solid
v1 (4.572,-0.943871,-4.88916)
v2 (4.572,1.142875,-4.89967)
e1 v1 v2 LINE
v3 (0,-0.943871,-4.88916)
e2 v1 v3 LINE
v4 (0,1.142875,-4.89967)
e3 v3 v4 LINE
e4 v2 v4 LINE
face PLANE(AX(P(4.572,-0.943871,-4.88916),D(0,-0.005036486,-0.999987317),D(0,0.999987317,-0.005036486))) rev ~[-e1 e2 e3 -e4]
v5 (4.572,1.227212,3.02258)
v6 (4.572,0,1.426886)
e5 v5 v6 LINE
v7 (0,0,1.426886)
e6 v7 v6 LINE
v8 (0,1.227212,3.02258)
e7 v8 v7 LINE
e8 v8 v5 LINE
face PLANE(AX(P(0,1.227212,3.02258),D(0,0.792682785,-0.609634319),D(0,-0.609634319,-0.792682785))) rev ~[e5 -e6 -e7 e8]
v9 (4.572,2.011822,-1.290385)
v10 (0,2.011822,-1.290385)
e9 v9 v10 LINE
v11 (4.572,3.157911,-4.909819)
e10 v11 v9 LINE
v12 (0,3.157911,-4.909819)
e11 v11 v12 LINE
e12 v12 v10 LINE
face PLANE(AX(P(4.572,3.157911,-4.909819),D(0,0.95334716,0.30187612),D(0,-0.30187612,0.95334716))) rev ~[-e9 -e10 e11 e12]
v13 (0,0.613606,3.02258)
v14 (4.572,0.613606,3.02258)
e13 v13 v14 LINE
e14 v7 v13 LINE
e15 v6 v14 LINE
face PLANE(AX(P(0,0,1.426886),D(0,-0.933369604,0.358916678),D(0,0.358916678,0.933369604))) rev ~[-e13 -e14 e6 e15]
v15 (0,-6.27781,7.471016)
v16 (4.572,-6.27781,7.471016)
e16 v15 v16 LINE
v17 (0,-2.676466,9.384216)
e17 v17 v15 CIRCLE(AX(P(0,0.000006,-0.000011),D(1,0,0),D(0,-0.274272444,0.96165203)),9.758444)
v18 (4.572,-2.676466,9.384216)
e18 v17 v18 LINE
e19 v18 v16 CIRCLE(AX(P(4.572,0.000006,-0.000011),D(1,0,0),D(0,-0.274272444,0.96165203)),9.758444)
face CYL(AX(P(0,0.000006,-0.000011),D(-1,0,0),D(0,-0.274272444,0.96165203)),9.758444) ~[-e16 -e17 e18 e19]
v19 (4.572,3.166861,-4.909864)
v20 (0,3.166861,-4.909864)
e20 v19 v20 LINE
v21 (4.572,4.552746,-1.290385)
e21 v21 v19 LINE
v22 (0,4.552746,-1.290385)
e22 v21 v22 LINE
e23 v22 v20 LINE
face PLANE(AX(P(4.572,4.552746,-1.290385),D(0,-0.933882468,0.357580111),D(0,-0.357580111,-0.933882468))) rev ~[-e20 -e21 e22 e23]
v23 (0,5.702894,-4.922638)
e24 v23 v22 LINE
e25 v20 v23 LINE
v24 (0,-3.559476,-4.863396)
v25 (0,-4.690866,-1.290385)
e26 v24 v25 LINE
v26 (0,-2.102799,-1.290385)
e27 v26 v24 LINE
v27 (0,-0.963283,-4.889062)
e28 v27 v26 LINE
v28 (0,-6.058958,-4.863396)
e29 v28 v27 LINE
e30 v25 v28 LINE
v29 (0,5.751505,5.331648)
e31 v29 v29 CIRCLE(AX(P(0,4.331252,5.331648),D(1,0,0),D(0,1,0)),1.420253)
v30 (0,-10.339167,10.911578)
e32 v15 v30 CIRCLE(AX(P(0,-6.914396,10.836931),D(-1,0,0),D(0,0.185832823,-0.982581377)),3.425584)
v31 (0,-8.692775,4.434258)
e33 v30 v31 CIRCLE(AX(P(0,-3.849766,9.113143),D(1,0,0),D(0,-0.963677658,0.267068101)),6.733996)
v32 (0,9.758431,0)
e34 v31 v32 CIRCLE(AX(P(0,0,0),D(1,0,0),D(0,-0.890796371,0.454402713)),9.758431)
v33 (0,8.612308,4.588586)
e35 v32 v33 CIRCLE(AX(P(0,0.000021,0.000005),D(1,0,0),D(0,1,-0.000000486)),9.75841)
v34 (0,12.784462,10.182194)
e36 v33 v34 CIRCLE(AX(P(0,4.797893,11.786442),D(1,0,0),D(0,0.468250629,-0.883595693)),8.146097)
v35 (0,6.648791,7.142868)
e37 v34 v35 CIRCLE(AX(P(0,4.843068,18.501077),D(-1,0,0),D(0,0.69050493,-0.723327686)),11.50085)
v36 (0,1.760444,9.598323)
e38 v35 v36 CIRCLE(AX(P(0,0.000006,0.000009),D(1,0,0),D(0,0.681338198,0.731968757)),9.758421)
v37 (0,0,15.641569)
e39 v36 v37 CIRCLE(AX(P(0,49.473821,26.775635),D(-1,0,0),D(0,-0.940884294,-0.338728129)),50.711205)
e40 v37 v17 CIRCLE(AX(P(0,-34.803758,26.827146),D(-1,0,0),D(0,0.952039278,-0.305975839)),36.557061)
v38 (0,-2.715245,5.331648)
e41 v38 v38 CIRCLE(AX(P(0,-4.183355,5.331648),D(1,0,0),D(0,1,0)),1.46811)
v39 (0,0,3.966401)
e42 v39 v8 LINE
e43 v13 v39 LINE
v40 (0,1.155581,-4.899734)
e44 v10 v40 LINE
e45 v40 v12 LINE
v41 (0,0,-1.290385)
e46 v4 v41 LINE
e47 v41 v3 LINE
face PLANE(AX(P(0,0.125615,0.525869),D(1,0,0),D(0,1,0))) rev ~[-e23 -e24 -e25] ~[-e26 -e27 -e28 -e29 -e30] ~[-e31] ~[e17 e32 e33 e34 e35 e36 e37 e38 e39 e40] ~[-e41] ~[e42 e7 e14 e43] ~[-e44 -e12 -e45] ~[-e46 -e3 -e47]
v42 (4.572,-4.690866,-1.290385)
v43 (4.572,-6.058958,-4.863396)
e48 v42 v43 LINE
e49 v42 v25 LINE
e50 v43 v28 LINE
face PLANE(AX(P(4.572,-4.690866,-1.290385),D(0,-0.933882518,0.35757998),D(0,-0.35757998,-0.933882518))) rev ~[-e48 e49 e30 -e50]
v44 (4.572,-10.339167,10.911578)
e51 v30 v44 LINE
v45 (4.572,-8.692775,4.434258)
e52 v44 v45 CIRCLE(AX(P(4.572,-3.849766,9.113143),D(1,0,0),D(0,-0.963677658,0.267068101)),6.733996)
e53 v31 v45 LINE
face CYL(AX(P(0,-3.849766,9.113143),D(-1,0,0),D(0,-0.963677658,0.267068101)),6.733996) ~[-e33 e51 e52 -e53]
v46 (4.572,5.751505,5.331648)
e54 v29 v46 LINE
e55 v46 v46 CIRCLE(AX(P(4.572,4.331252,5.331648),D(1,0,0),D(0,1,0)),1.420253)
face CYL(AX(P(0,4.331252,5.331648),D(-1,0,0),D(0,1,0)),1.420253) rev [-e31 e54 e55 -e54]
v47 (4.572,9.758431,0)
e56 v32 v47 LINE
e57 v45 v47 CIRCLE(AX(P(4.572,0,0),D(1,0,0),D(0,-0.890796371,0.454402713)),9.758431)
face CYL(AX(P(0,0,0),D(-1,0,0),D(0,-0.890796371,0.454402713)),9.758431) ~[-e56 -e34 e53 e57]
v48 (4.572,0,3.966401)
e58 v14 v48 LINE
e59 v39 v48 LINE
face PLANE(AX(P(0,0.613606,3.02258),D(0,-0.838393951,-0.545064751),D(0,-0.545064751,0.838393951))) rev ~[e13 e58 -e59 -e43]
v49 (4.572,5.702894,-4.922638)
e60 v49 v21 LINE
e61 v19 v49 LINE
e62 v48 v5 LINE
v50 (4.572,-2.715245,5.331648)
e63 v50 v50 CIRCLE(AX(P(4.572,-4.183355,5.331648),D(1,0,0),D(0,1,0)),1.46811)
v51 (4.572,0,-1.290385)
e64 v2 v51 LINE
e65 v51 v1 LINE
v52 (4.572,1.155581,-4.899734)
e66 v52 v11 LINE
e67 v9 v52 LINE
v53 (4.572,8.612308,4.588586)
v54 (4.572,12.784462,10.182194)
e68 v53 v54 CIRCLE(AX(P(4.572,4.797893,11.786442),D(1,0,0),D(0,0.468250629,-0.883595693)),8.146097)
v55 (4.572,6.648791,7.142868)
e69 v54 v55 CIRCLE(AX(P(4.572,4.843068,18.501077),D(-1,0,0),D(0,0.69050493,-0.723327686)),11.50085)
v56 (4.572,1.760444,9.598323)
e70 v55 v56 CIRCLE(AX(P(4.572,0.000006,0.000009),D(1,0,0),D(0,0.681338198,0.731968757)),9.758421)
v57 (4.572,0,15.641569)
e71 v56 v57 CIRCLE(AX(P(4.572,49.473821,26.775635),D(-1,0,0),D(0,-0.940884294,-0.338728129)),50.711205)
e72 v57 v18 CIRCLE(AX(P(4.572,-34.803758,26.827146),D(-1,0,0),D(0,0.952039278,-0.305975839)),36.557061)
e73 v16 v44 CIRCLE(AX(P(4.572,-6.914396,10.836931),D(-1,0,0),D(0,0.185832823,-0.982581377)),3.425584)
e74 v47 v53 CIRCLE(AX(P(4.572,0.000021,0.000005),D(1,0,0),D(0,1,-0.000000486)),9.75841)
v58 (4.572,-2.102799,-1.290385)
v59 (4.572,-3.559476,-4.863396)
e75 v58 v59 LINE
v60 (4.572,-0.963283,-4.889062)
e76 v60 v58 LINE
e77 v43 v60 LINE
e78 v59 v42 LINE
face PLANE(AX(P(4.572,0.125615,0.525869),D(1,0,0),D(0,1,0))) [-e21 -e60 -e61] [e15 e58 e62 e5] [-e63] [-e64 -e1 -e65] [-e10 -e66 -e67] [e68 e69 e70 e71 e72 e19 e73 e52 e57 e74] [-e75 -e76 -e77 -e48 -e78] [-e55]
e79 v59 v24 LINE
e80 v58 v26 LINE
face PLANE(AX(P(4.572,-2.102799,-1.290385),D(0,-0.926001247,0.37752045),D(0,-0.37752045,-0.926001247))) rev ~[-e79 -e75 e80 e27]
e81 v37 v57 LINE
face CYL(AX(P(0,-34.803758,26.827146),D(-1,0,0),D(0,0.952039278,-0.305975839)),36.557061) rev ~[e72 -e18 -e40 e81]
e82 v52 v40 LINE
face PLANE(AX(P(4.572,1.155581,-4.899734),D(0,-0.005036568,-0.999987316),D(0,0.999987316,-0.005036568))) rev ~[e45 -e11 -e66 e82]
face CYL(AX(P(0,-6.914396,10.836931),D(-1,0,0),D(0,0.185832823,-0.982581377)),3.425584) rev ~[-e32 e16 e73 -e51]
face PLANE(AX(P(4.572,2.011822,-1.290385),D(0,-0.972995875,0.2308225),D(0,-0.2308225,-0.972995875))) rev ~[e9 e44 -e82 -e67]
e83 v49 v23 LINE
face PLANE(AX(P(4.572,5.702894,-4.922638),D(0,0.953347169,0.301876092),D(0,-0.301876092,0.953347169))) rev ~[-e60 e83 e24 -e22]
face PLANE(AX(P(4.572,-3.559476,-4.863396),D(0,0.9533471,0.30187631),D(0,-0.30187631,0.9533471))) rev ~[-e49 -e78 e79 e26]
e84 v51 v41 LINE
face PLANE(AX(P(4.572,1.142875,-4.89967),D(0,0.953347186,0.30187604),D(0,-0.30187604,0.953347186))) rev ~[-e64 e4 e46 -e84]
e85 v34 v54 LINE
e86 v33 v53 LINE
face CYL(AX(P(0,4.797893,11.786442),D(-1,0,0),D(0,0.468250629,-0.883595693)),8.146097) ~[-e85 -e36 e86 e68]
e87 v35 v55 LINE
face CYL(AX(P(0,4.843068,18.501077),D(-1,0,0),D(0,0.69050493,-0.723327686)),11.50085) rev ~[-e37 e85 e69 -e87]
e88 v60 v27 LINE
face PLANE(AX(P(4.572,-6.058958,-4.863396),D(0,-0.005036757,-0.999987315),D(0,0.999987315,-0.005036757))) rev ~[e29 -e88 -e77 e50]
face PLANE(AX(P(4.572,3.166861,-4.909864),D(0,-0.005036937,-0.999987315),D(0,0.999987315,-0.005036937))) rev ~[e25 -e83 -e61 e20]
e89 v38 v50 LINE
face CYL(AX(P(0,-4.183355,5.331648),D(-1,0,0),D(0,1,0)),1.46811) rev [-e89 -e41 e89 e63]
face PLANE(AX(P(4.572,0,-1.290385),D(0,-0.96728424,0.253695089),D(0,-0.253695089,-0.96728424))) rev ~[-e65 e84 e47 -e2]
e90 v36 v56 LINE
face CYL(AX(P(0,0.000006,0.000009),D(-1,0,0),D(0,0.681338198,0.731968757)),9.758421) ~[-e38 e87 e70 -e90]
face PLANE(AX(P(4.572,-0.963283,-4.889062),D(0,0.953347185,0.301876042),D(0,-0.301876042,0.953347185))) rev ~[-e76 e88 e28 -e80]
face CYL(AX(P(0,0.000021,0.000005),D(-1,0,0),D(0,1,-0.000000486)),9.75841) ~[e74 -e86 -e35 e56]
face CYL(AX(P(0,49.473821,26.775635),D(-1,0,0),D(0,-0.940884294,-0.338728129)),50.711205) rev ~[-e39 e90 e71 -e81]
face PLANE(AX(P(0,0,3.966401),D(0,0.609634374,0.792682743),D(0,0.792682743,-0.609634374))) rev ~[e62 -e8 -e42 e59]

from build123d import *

# Parameters (mm, degrees)
F0_R     = 1.46811
F0_R_2   = 1.420253
F1_DEPTH = 4.572
F3_DEPTH = 43.18


with BuildPart() as f1:
    # F0 (on Right) → F1 (new body)
    with BuildSketch(Plane.YZ):
        with BuildLine():
            ThreePointArc((-8.692775, 4.434258), (-2.280256, -9.488277), (9.758431, 0))
            ThreePointArc((9.758431, 0), (9.467566, 2.364779), (8.612308, 4.588586))
            ThreePointArc((8.612308, 4.588586), (7.73669, 5.947319), (6.648791, 7.142868))
            ThreePointArc((6.648791, 7.142868), (4.380197, 8.720141), (1.760444, 9.598323))
            ThreePointArc((1.760444, 9.598323), (-0.470356, 9.747089), (-2.676466, 9.384216))
            ThreePointArc((-2.676466, 9.384216), (-4.578192, 8.617838), (-6.27781, 7.471016))
            ThreePointArc((-6.27781, 7.471016), (-7.63774, 6.07387), (-8.692775, 4.434258))
        make_face()
        Polygon((0.613606, 3.02258), (0, 3.966401), (1.227212, 3.02258), (0, 1.426886), align=None, mode=Mode.SUBTRACT)
        with Locations((-4.183355, 5.331648)):
            Circle(F0_R, mode=Mode.SUBTRACT)
        with Locations((4.331252, 5.331648)):
            Circle(F0_R_2, mode=Mode.SUBTRACT)
        with BuildLine():
            ThreePointArc((-10.339167, 10.911578), (-10.376235, 7.454258), (-8.692775, 4.434258))
            ThreePointArc((-8.692775, 4.434258), (-7.63774, 6.07387), (-6.27781, 7.471016))
            ThreePointArc((-6.27781, 7.471016), (-9.128636, 8.223166), (-10.339167, 10.911578))
        make_face()
        with BuildLine():
            ThreePointArc((-2.676466, 9.384216), (-0.470356, 9.747089), (1.760444, 9.598323))
            ThreePointArc((1.760444, 9.598323), (0.786368, 12.592606), (0, 15.641569))
            ThreePointArc((0, 15.641569), (-1.192302, 12.450473), (-2.676466, 9.384216))
        make_face()
        with BuildLine():
            ThreePointArc((6.648791, 7.142868), (7.73669, 5.947319), (8.612308, 4.588586))
            ThreePointArc((8.612308, 4.588586), (11.327665, 6.916024), (12.784462, 10.182194))
            ThreePointArc((12.784462, 10.182194), (9.94806, 8.195321), (6.648791, 7.142868))
        make_face()
    extrude(amount=F1_DEPTH)

    # F2 (on face) → F3 (cut)
    with BuildSketch(Plane.YZ.offset(4.572)):
        Polygon((-2.102799, -1.290385), (-3.559476, -4.863396), (-4.690866, -1.290385), (-6.058958, -4.863396), (-0.963283, -4.889062), align=None)
        Polygon((0, -1.290385), (-0.943871, -4.88916), (1.142875, -4.89967), align=None)
        Polygon((2.011822, -1.290385), (1.155581, -4.899734), (3.157911, -4.909819), align=None)
        Polygon((4.552746, -1.290385), (3.166861, -4.909864), (5.702894, -4.922638), align=None)
    extrude(amount=-F3_DEPTH, mode=Mode.SUBTRACT)


solid = f1.part
